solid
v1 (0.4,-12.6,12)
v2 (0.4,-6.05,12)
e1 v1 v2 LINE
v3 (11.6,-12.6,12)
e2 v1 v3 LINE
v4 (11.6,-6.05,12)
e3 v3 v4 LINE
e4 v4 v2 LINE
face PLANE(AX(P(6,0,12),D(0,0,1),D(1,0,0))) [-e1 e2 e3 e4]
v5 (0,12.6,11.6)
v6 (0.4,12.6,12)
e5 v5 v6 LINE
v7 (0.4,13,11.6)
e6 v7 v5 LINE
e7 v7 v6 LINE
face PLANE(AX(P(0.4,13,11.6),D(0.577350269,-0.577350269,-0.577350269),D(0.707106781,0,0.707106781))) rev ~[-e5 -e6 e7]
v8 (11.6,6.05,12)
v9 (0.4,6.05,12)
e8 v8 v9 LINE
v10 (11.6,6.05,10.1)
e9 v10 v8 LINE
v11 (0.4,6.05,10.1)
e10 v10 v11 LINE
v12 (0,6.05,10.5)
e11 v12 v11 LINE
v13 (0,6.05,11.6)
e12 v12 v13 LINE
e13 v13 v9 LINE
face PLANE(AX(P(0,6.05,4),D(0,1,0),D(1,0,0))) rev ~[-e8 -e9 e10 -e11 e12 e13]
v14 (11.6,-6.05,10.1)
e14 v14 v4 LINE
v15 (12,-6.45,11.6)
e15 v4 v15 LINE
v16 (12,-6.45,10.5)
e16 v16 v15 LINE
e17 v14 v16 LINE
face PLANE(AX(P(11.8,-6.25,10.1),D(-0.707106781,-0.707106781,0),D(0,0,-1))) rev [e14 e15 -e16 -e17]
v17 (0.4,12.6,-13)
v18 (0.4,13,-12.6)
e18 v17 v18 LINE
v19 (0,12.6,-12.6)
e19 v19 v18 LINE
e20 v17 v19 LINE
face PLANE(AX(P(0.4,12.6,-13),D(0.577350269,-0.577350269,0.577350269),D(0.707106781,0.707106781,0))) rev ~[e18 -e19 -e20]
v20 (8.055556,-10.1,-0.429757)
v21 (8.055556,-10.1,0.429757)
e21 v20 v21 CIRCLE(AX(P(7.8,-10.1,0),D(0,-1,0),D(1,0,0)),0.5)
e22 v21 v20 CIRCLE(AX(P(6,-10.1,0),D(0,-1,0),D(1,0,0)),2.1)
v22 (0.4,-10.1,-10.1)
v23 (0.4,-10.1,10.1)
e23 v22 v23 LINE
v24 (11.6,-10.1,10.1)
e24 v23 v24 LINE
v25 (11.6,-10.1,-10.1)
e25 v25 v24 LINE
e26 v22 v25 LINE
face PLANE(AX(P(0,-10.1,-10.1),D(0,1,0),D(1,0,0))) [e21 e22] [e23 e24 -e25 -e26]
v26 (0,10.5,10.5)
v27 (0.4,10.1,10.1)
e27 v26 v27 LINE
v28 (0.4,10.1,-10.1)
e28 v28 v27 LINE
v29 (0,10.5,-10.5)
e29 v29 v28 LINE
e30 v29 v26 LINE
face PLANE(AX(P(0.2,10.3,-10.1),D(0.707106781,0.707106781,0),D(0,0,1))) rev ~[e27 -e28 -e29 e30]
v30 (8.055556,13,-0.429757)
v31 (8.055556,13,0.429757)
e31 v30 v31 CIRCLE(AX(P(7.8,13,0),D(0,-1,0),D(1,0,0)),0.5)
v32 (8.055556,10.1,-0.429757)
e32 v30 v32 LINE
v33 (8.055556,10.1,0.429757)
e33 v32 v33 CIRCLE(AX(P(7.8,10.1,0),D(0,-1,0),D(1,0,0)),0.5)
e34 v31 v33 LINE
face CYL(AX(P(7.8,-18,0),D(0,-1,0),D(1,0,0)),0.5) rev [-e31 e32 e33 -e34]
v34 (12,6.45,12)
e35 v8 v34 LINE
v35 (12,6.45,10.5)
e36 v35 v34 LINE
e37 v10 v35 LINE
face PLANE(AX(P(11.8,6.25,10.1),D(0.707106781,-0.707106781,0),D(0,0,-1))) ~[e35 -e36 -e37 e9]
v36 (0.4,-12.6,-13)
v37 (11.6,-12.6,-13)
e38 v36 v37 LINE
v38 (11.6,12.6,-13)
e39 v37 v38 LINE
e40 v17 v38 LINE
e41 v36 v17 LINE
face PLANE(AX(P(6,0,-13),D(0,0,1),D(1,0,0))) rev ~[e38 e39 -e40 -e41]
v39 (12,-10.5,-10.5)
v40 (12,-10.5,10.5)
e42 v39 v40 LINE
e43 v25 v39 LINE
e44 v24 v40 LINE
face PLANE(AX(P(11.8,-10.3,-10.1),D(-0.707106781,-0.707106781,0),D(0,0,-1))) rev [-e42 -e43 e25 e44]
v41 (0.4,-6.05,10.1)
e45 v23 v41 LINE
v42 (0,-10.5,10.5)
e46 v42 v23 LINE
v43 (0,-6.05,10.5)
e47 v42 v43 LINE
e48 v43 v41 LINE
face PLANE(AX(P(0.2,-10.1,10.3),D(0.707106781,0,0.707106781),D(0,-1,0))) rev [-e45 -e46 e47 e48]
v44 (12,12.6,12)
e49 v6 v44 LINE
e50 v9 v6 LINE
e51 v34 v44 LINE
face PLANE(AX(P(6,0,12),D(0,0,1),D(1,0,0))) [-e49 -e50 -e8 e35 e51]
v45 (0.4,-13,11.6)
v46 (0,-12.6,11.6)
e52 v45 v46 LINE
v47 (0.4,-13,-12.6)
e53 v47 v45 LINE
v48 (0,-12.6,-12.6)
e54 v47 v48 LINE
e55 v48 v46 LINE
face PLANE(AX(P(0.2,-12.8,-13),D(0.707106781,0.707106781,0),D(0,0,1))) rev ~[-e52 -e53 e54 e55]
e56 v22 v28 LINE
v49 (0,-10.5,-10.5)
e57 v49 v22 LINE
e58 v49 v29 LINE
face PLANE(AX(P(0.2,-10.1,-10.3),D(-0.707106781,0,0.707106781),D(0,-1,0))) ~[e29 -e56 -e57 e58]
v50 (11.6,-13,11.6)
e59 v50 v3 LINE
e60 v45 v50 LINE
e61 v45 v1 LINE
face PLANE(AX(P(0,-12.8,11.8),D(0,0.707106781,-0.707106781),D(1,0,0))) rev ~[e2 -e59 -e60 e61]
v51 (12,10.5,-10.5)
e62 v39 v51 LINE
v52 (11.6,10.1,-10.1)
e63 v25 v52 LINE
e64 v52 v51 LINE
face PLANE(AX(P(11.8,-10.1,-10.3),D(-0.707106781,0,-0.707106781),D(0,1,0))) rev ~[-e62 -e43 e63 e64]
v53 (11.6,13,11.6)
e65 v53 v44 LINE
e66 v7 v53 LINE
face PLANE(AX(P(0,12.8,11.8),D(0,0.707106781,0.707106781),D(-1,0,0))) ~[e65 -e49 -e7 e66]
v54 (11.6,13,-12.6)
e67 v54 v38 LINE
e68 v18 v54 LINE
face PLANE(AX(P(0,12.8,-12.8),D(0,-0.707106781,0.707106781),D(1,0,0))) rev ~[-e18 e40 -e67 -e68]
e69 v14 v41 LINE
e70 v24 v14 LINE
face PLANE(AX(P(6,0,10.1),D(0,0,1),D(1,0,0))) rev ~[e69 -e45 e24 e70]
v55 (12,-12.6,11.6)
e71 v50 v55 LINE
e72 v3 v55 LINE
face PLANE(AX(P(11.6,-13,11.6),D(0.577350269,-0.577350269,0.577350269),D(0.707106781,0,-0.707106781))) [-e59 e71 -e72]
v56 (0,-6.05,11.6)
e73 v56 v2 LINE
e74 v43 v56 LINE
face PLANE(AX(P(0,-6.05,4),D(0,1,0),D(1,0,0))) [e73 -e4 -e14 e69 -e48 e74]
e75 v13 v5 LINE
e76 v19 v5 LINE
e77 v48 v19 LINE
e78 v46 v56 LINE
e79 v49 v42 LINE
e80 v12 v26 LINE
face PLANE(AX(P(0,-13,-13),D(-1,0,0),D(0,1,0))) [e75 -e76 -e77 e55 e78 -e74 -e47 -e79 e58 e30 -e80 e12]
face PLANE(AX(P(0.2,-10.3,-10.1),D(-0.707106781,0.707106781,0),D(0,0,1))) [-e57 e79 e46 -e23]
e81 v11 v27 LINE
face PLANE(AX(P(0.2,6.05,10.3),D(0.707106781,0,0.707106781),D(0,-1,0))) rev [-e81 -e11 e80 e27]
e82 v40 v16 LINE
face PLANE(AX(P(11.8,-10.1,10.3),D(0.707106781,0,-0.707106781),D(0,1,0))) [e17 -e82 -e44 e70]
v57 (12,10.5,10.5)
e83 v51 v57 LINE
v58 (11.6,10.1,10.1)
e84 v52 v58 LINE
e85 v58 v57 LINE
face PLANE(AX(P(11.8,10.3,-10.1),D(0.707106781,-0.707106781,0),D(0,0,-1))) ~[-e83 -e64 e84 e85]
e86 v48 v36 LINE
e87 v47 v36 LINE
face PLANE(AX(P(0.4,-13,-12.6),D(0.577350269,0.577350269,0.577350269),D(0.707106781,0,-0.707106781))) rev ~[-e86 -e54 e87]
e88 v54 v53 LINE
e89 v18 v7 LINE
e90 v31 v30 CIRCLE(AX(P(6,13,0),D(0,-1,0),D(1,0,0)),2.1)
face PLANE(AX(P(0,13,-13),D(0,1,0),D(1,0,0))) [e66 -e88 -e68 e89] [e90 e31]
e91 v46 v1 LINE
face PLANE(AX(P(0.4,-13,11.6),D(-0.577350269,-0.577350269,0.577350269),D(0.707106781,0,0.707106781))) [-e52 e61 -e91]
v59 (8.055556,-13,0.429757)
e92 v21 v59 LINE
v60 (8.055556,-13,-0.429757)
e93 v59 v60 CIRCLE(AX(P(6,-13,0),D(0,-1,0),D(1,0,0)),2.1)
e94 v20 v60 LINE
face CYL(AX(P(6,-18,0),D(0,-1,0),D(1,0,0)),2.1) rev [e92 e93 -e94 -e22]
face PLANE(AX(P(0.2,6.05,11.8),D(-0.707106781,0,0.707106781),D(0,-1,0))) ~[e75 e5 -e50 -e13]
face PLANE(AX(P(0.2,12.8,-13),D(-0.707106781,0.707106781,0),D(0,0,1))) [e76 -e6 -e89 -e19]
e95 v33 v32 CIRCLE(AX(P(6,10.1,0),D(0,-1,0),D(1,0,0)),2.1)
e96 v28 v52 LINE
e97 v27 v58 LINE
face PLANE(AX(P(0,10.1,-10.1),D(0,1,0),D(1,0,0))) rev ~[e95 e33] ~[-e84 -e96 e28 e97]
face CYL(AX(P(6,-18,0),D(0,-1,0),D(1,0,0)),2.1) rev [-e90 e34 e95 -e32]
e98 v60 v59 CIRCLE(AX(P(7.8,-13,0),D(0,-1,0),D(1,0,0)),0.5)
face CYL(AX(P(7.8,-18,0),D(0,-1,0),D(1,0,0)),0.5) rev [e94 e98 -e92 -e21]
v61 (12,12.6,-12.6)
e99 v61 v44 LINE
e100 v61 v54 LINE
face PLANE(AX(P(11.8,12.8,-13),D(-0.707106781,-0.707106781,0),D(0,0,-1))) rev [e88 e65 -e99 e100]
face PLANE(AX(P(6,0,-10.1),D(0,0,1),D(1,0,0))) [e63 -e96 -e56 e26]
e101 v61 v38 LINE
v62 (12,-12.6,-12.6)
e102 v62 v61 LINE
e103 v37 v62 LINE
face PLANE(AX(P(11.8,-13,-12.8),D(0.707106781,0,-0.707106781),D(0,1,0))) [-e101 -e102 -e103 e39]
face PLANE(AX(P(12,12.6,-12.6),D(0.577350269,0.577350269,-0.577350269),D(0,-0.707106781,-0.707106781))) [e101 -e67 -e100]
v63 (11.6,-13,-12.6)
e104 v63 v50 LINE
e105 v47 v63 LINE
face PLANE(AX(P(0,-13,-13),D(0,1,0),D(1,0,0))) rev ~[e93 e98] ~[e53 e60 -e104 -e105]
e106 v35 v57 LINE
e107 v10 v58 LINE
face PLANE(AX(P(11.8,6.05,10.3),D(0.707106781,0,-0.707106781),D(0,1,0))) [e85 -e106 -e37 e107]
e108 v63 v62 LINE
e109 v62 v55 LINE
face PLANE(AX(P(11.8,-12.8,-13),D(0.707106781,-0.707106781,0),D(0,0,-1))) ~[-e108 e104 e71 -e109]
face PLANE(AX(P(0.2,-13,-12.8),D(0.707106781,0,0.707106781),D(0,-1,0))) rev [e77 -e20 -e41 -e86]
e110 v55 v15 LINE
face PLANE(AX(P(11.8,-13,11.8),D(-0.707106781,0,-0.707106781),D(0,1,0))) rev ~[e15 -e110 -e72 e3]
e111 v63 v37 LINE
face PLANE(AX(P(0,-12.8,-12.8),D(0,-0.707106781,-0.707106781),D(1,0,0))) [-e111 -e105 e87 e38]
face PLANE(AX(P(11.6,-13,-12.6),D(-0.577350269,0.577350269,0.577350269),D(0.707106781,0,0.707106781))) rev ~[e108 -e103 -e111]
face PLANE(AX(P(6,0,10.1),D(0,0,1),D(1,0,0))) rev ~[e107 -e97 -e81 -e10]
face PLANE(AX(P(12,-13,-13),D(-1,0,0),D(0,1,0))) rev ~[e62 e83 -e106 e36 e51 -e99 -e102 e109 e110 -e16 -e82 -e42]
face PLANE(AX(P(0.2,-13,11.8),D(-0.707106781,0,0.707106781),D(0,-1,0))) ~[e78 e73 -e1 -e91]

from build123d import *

# Parameters (mm, degrees)
CYLINDER005_R         = 0.5
CYLINDER005_DEPTH     = 38
CYLINDER004_R         = 2.1
CYLINDER004_DEPTH     = 38
BOX008_W              = 12
BOX008_H              = 12.1
BOX008_DEPTH          = 10
BOX006_W              = 12
BOX006_H              = 20.2
BOX006_DEPTH          = 20.2
BOX007_W              = 12
BOX007_H              = 26
BOX007_DEPTH          = 25
CHAMFER005013003_SIZE = 0.4


with BuildPart() as cylinder005:
    # Cylinder005 → Cylinder005 (new body)
    with BuildSketch(Plane(origin=(7.8, -18, 0), x_dir=(1, 0, 0), z_dir=(0, 1, 0))):
        Circle(CYLINDER005_R)
    extrude(amount=CYLINDER005_DEPTH)


with BuildPart() as fusion002:
    # Cylinder004 → Cylinder004 (new body)
    with BuildSketch(Plane(origin=(6, -18, 0), x_dir=(1, 0, 0), z_dir=(0, 1, 0))):
        Circle(CYLINDER004_R)
    extrude(amount=CYLINDER004_DEPTH)

    # Fusion002: union Cylinder005
    add(cylinder005.part)


with BuildPart() as cube008:
    # Box008 → Box008 (new body)
    with BuildSketch(Plane(origin=(0, -6.05, 4), x_dir=(1, 0, 0), z_dir=(0, 0, 1))):
        with Locations((6, 6.05)):
            Rectangle(BOX008_W, BOX008_H)
    extrude(amount=BOX008_DEPTH)


with BuildPart() as cube006:
    # Box006 → Box006 (new body)
    with BuildSketch(Plane(origin=(0, -10.1, -10.1), x_dir=(1, 0, 0), z_dir=(0, 0, 1))):
        with Locations((6, 10.1)):
            Rectangle(BOX006_W, BOX006_H)
    extrude(amount=BOX006_DEPTH)


with BuildPart() as chamfer005013003:
    # Box007 → Box007 (new body)
    with BuildSketch(Plane(origin=(0, -13, -13), x_dir=(1, 0, 0), z_dir=(0, 0, 1))):
        with Locations((6, 13)):
            Rectangle(BOX007_W, BOX007_H)
    extrude(amount=BOX007_DEPTH)

    # Cut002: cut Cube006
    add(cube006.part, mode=Mode.SUBTRACT)

    # Cut003: cut Cube008
    add(cube008.part, mode=Mode.SUBTRACT)

    # Cut004: cut Fusion002
    add(fusion002.part, mode=Mode.SUBTRACT)

    # Chamfer005013003
    chamfer005013003_edges = [chamfer005013003.edges().sort_by_distance(p)[0] for p in [
        (0, -9.525, 12),
        (0, -8.075, 10.1),
        (0, -10.1, 0),
        (0, 0, -10.1),
        (0, 10.1, 0),
        (0, 8.075, 10.1),
        (0, 9.525, 12),
        (0, 13, -0.5),
        (0, 0, -13),
        (0, -13, -0.5),
        (12, -9.525, 12),
        (6, -13, 12),
        (12, -6.05, 11.05),
        (12, -8.075, 10.1),
        (12, -10.1, 0),
        (12, 0, -10.1),
        (12, 10.1, 0),
        (12, 8.075, 10.1),
        (12, 6.05, 11.05),
        (6, 13, 12),
        (6, 13, -13),
        (12, 13, -0.5),
        (12, 0, -13),
        (6, -13, -13),
        (12, -13, -0.5),
    ]]
    chamfer(chamfer005013003_edges, length=CHAMFER005013003_SIZE)


solid = chamfer005013003.part
